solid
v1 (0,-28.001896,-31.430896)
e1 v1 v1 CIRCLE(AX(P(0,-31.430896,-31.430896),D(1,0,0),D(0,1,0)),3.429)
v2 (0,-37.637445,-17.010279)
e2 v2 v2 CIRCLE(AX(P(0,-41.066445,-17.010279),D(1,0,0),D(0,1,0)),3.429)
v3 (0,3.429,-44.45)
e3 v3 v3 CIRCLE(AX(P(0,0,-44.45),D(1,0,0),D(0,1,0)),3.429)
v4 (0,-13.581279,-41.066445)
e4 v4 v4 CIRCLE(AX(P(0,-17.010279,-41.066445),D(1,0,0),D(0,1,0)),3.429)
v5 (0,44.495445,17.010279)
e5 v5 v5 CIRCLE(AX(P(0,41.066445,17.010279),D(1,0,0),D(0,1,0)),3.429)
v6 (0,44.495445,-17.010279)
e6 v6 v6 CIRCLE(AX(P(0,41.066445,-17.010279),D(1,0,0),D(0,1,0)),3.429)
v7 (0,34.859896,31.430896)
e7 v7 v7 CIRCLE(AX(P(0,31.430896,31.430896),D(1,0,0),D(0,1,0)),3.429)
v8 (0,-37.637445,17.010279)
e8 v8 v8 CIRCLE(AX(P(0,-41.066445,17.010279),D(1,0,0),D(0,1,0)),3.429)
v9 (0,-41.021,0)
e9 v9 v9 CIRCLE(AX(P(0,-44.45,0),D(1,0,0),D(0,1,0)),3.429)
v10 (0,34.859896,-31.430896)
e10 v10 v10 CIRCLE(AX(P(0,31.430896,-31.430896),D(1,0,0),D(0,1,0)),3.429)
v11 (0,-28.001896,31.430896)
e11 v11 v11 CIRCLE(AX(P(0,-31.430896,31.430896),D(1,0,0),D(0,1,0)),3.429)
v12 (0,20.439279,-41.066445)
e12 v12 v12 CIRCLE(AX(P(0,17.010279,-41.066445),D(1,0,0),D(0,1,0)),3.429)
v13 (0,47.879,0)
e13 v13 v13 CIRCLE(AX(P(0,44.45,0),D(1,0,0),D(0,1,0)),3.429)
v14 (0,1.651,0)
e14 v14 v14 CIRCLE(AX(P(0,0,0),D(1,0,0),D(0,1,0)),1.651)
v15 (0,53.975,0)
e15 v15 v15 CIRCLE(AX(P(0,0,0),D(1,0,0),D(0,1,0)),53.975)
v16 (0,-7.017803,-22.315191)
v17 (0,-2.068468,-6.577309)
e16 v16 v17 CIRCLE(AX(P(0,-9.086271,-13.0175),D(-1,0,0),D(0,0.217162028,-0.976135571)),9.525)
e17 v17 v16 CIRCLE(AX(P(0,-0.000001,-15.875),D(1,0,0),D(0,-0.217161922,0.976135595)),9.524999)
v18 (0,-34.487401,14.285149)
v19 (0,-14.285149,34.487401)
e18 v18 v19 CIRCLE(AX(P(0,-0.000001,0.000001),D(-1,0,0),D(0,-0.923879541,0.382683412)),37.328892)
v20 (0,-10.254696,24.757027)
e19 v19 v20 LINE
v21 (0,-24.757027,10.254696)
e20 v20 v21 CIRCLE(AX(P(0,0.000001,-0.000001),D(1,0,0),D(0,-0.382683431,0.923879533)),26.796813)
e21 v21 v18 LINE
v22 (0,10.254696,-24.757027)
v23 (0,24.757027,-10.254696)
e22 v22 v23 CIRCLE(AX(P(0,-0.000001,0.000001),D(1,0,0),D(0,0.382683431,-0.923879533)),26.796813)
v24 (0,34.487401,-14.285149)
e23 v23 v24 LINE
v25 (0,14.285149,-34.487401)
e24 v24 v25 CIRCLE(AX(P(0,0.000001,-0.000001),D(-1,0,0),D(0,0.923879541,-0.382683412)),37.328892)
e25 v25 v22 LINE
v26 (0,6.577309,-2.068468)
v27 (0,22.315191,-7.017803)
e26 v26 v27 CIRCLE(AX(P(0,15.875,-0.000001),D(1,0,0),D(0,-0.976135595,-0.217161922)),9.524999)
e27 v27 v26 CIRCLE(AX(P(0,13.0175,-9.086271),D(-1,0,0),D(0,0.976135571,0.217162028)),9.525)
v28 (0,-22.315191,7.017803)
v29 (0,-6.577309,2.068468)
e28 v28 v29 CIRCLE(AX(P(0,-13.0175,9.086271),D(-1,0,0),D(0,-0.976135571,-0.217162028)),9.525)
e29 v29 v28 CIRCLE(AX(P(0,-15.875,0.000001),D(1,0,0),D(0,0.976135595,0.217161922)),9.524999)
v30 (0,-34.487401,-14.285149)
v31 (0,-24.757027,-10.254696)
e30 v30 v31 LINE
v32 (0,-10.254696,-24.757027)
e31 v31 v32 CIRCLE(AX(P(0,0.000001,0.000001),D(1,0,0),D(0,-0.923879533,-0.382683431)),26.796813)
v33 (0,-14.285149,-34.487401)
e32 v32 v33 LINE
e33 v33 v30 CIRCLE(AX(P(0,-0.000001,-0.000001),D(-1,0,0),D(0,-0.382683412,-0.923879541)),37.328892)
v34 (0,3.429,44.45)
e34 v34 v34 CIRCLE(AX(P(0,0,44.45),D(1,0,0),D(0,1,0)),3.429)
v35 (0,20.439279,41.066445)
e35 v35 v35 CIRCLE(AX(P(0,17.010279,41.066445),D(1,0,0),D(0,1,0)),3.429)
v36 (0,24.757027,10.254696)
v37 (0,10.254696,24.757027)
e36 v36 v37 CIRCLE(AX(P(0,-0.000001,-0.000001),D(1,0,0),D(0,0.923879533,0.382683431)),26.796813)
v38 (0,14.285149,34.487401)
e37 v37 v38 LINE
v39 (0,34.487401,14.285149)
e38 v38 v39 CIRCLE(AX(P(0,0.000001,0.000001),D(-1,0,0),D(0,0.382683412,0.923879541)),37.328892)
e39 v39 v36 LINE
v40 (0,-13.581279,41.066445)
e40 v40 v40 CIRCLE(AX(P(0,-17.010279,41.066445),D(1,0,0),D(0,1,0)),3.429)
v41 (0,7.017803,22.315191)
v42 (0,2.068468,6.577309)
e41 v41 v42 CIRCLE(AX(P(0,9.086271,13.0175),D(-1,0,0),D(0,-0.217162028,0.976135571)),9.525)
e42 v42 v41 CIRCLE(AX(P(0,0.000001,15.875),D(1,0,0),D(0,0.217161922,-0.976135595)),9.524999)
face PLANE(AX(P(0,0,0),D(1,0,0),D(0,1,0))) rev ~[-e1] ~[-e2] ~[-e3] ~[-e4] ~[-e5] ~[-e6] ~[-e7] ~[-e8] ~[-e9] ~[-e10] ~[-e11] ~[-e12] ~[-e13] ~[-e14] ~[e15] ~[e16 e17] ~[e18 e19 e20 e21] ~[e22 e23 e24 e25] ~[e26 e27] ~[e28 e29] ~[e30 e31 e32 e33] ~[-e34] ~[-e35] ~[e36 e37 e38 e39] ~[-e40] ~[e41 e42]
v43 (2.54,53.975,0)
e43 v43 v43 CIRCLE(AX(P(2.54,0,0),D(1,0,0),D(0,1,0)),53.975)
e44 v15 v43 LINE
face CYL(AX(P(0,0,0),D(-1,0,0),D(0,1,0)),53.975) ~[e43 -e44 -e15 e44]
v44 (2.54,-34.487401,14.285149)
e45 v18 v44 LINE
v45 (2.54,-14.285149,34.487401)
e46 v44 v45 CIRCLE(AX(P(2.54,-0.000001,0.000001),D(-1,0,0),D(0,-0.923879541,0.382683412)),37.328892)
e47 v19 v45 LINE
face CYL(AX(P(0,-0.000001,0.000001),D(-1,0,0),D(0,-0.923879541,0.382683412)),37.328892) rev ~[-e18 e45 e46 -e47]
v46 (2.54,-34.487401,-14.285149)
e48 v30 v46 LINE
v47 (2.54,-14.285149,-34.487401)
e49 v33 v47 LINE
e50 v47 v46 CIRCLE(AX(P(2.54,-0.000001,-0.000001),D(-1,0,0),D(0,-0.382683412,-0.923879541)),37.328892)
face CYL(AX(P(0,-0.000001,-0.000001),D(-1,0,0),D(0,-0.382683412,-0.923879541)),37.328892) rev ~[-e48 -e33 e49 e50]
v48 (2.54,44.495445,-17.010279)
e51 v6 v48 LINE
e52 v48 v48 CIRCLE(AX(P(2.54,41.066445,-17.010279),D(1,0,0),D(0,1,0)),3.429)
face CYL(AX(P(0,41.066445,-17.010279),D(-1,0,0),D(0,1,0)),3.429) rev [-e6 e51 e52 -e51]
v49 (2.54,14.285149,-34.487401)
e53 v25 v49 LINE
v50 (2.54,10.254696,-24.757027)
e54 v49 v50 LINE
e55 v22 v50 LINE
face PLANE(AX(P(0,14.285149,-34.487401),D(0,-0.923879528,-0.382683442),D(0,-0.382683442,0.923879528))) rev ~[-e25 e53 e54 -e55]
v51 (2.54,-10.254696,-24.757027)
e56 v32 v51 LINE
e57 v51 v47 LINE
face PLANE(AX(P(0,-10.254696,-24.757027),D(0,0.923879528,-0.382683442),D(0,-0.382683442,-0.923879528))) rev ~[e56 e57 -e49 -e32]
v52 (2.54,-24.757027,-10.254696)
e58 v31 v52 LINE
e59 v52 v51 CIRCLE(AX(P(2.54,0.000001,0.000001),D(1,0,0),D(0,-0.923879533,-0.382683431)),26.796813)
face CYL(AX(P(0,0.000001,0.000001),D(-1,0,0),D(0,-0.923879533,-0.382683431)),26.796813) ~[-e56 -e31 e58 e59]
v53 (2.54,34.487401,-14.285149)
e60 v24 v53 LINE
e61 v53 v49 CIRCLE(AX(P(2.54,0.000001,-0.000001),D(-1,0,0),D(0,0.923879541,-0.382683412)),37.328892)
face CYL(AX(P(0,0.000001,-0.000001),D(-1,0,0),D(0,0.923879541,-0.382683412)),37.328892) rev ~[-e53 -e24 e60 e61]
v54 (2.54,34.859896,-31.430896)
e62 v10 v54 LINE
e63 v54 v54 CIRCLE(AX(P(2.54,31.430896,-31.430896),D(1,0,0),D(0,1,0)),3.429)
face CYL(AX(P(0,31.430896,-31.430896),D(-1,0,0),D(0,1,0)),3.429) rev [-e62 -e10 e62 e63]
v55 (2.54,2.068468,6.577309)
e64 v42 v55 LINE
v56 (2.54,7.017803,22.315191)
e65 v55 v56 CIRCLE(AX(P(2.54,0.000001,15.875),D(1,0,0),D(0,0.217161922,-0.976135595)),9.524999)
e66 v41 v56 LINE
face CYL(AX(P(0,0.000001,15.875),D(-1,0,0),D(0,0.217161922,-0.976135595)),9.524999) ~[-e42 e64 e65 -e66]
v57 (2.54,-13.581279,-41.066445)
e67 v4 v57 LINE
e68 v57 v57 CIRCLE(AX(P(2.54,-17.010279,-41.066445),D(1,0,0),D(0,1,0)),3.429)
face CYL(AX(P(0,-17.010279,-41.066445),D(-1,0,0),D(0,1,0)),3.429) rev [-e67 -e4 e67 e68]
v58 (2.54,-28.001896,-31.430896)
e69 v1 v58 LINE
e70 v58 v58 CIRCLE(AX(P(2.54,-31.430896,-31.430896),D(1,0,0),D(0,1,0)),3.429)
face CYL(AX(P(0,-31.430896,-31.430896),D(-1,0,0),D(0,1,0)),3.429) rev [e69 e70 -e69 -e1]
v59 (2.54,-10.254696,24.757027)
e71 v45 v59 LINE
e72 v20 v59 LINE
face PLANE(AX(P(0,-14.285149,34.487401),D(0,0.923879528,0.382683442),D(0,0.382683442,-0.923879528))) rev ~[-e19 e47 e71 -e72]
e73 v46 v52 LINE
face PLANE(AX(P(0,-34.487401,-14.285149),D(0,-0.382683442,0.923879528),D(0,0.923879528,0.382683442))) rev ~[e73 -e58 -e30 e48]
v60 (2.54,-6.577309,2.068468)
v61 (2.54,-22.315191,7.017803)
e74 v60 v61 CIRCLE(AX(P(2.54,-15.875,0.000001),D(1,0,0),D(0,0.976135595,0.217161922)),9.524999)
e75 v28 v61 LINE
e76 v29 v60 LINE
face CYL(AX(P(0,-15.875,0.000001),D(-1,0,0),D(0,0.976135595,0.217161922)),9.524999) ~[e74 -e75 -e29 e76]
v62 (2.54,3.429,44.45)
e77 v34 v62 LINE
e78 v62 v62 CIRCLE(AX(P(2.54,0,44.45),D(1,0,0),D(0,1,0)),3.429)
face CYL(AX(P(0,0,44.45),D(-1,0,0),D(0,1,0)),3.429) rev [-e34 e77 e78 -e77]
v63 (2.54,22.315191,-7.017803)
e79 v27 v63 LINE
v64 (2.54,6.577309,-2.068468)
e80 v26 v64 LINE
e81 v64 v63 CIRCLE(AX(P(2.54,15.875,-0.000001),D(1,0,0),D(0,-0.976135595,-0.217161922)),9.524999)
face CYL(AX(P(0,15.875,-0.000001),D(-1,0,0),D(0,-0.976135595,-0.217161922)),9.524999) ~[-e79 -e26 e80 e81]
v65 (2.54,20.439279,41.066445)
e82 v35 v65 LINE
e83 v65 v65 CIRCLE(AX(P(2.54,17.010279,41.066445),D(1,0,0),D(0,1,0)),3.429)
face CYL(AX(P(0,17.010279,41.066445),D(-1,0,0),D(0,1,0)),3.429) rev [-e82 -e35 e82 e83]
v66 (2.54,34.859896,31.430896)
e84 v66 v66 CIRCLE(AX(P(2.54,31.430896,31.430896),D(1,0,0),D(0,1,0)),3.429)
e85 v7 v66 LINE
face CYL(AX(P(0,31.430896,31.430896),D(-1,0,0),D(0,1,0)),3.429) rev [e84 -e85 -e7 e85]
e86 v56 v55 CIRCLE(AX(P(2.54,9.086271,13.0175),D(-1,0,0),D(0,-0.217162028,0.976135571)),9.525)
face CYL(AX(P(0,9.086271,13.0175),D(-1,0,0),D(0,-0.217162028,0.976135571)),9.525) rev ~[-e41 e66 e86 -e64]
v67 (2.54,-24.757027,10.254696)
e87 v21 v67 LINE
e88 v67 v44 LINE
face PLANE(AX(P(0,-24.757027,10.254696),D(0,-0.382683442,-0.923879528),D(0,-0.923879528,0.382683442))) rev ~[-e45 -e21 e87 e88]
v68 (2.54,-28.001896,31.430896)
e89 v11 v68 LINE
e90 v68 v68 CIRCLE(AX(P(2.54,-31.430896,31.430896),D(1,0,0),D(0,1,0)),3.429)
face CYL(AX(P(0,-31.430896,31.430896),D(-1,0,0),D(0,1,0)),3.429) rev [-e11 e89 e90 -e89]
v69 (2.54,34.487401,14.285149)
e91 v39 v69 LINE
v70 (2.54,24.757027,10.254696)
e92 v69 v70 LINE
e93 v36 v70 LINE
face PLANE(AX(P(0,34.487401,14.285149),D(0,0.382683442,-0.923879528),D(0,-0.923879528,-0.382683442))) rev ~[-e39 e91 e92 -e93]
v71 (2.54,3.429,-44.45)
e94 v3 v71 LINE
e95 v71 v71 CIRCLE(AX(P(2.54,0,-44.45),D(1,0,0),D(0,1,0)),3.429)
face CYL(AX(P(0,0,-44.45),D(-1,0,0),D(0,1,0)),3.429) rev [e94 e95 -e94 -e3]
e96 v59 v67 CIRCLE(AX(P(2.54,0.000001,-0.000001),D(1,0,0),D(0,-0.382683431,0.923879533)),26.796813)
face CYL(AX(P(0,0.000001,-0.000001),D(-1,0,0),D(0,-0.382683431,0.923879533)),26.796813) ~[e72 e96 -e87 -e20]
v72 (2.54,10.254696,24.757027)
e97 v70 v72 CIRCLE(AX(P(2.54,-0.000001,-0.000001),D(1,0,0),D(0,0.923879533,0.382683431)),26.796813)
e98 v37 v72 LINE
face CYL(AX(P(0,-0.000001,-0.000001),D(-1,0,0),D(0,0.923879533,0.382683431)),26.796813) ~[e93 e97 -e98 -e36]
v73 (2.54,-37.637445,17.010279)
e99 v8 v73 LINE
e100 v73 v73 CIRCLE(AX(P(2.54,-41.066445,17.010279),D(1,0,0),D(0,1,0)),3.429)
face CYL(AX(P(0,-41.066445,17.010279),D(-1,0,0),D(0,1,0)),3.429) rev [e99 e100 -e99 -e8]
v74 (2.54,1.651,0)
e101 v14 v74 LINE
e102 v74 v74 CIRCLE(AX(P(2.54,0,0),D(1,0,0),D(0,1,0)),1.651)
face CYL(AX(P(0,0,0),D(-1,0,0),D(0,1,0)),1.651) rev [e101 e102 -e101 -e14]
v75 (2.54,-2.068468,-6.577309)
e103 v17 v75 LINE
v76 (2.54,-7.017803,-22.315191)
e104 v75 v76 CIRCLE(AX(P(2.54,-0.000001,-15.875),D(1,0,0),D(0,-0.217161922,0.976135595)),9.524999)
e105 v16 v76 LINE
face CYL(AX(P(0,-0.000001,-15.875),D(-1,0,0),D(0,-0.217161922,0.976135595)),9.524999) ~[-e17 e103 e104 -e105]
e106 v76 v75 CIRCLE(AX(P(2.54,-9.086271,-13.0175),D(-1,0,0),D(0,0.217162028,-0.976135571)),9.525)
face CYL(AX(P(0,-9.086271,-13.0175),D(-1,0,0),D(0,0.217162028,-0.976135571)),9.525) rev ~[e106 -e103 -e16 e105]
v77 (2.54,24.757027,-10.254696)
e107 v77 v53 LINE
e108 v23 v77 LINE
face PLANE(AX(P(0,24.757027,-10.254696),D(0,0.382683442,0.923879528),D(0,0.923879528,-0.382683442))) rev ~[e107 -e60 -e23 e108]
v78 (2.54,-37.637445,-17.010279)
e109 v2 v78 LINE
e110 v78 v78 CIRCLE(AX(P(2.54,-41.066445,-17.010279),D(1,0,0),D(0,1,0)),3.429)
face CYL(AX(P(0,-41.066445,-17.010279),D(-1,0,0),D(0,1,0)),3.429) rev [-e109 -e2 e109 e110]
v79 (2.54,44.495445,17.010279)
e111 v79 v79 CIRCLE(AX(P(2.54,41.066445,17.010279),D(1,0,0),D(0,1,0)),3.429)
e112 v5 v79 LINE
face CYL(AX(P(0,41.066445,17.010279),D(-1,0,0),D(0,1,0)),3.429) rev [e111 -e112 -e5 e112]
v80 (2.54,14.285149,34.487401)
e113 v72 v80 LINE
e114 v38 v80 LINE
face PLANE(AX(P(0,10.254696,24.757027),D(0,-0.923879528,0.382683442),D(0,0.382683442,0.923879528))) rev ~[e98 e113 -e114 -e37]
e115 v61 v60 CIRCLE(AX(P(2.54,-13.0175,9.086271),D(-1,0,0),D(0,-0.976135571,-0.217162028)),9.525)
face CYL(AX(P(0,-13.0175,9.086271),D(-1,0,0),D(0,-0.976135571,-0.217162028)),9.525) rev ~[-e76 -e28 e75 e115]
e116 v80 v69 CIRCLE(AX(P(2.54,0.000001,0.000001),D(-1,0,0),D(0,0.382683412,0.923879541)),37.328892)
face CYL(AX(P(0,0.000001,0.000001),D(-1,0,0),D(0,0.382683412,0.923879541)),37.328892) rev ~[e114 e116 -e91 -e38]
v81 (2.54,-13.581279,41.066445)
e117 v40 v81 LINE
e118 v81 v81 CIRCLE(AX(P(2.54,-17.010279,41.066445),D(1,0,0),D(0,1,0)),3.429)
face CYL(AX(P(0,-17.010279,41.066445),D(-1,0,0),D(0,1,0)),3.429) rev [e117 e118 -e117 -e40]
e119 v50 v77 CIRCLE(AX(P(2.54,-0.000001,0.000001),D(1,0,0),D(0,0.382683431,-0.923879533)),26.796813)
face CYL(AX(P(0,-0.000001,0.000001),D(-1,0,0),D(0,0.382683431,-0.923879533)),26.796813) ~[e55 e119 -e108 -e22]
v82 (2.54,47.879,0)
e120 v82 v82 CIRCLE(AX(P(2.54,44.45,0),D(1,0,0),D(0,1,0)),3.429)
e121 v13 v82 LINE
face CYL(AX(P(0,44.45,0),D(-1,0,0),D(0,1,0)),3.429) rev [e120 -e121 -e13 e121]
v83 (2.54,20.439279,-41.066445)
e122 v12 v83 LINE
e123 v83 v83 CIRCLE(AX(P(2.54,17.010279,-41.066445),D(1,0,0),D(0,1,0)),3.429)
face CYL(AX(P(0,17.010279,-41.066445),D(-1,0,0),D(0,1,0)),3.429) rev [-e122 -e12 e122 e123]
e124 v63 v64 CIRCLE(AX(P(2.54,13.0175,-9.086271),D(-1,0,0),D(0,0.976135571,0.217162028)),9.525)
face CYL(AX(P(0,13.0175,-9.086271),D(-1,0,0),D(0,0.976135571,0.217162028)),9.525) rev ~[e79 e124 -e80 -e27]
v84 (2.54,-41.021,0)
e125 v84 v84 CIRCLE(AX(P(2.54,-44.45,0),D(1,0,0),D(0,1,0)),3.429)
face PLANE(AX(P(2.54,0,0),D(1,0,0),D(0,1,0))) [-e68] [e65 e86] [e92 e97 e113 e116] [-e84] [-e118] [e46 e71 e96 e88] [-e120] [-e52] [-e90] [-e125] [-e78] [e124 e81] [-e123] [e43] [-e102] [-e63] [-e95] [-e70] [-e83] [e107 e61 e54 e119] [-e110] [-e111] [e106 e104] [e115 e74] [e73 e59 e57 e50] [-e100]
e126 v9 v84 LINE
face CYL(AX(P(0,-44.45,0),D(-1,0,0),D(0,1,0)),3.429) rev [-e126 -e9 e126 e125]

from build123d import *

# Parameters (mm, degrees)
F0_R     = 53.975
F0_R_2   = 3.429
F0_R_3   = 1.651
F1_DEPTH = 2.54


with BuildPart() as f1:
    # F0 (on Right) → F1 (new body)
    with BuildSketch(Plane.YZ):
        Circle(F0_R)
        with Locations((-31.430896, -31.430896)):
            Circle(F0_R_2, mode=Mode.SUBTRACT)
        with Locations((-17.010279, -41.066445)):
            Circle(F0_R_2, mode=Mode.SUBTRACT)
        with Locations((-41.066445, -17.010279)):
            Circle(F0_R_2, mode=Mode.SUBTRACT)
        with BuildLine():
            ThreePointArc((-14.285149, -34.487401), (-26.395514, -26.395514), (-34.487401, -14.285149))
            Line((-34.487401, -14.285149), (-24.757027, -10.254696))
            ThreePointArc((-24.757027, -10.254696), (-18.948208, -18.948208), (-10.254696, -24.757027))
            Line((-10.254696, -24.757027), (-14.285149, -34.487401))
        make_face(mode=Mode.SUBTRACT)
        with BuildLine():
            ThreePointArc((-7.017803, -22.315191), (-18.172542, -10.16), (-2.068468, -6.577309))
            ThreePointArc((-2.068468, -6.577309), (-9.086271, -13.0175), (-7.017803, -22.315191))
        make_face(mode=Mode.SUBTRACT)
        with Locations((0, -44.45)):
            Circle(F0_R_2, mode=Mode.SUBTRACT)
        with Locations((17.010279, -41.066445)):
            Circle(F0_R_2, mode=Mode.SUBTRACT)
        with Locations((31.430896, -31.430896)):
            Circle(F0_R_2, mode=Mode.SUBTRACT)
        with BuildLine():
            ThreePointArc((10.254696, -24.757027), (18.948208, -18.948208), (24.757027, -10.254696))
            Line((24.757027, -10.254696), (34.487401, -14.285149))
            ThreePointArc((34.487401, -14.285149), (26.395514, -26.395514), (14.285149, -34.487401))
            Line((14.285149, -34.487401), (10.254696, -24.757027))
        make_face(mode=Mode.SUBTRACT)
        with BuildLine():
            ThreePointArc((22.315191, -7.017803), (10.16, -18.172542), (6.577309, -2.068468))
            ThreePointArc((6.577309, -2.068468), (13.0175, -9.086271), (22.315191, -7.017803))
        make_face(mode=Mode.SUBTRACT)
        with Locations((41.066445, -17.010279)):
            Circle(F0_R_2, mode=Mode.SUBTRACT)
        with Locations((-44.45, 0)):
            Circle(F0_R_2, mode=Mode.SUBTRACT)
        with Locations((-41.066445, 17.010279)):
            Circle(F0_R_2, mode=Mode.SUBTRACT)
        with BuildLine():
            ThreePointArc((-22.315191, 7.017803), (-10.16, 18.172542), (-6.577309, 2.068468))
            ThreePointArc((-6.577309, 2.068468), (-13.0175, 9.086271), (-22.315191, 7.017803))
        make_face(mode=Mode.SUBTRACT)
        with BuildLine():
            ThreePointArc((-34.487401, 14.285149), (-26.395514, 26.395514), (-14.285149, 34.487401))
            Line((-14.285149, 34.487401), (-10.254696, 24.757027))
            ThreePointArc((-10.254696, 24.757027), (-18.948208, 18.948208), (-24.757027, 10.254696))
            Line((-24.757027, 10.254696), (-34.487401, 14.285149))
        make_face(mode=Mode.SUBTRACT)
        with Locations((-31.430896, 31.430896)):
            Circle(F0_R_2, mode=Mode.SUBTRACT)
        with Locations((-17.010279, 41.066445)):
            Circle(F0_R_2, mode=Mode.SUBTRACT)
        Circle(F0_R_3, mode=Mode.SUBTRACT)
        with BuildLine():
            ThreePointArc((7.017803, 22.315191), (18.172542, 10.16), (2.068468, 6.577309))
            ThreePointArc((2.068468, 6.577309), (9.086271, 13.0175), (7.017803, 22.315191))
        make_face(mode=Mode.SUBTRACT)
        with BuildLine():
            Line((34.487401, 14.285149), (24.757027, 10.254696))
            ThreePointArc((24.757027, 10.254696), (18.948208, 18.948208), (10.254696, 24.757027))
            Line((10.254696, 24.757027), (14.285149, 34.487401))
            ThreePointArc((14.285149, 34.487401), (26.395514, 26.395514), (34.487401, 14.285149))
        make_face(mode=Mode.SUBTRACT)
        with Locations((44.45, 0)):
            Circle(F0_R_2, mode=Mode.SUBTRACT)
        with Locations((41.066445, 17.010279)):
            Circle(F0_R_2, mode=Mode.SUBTRACT)
        with Locations((0, 44.45)):
            Circle(F0_R_2, mode=Mode.SUBTRACT)
        with Locations((17.010279, 41.066445)):
            Circle(F0_R_2, mode=Mode.SUBTRACT)
        with Locations((31.430896, 31.430896)):
            Circle(F0_R_2, mode=Mode.SUBTRACT)
    extrude(amount=F1_DEPTH)


solid = f1.part
